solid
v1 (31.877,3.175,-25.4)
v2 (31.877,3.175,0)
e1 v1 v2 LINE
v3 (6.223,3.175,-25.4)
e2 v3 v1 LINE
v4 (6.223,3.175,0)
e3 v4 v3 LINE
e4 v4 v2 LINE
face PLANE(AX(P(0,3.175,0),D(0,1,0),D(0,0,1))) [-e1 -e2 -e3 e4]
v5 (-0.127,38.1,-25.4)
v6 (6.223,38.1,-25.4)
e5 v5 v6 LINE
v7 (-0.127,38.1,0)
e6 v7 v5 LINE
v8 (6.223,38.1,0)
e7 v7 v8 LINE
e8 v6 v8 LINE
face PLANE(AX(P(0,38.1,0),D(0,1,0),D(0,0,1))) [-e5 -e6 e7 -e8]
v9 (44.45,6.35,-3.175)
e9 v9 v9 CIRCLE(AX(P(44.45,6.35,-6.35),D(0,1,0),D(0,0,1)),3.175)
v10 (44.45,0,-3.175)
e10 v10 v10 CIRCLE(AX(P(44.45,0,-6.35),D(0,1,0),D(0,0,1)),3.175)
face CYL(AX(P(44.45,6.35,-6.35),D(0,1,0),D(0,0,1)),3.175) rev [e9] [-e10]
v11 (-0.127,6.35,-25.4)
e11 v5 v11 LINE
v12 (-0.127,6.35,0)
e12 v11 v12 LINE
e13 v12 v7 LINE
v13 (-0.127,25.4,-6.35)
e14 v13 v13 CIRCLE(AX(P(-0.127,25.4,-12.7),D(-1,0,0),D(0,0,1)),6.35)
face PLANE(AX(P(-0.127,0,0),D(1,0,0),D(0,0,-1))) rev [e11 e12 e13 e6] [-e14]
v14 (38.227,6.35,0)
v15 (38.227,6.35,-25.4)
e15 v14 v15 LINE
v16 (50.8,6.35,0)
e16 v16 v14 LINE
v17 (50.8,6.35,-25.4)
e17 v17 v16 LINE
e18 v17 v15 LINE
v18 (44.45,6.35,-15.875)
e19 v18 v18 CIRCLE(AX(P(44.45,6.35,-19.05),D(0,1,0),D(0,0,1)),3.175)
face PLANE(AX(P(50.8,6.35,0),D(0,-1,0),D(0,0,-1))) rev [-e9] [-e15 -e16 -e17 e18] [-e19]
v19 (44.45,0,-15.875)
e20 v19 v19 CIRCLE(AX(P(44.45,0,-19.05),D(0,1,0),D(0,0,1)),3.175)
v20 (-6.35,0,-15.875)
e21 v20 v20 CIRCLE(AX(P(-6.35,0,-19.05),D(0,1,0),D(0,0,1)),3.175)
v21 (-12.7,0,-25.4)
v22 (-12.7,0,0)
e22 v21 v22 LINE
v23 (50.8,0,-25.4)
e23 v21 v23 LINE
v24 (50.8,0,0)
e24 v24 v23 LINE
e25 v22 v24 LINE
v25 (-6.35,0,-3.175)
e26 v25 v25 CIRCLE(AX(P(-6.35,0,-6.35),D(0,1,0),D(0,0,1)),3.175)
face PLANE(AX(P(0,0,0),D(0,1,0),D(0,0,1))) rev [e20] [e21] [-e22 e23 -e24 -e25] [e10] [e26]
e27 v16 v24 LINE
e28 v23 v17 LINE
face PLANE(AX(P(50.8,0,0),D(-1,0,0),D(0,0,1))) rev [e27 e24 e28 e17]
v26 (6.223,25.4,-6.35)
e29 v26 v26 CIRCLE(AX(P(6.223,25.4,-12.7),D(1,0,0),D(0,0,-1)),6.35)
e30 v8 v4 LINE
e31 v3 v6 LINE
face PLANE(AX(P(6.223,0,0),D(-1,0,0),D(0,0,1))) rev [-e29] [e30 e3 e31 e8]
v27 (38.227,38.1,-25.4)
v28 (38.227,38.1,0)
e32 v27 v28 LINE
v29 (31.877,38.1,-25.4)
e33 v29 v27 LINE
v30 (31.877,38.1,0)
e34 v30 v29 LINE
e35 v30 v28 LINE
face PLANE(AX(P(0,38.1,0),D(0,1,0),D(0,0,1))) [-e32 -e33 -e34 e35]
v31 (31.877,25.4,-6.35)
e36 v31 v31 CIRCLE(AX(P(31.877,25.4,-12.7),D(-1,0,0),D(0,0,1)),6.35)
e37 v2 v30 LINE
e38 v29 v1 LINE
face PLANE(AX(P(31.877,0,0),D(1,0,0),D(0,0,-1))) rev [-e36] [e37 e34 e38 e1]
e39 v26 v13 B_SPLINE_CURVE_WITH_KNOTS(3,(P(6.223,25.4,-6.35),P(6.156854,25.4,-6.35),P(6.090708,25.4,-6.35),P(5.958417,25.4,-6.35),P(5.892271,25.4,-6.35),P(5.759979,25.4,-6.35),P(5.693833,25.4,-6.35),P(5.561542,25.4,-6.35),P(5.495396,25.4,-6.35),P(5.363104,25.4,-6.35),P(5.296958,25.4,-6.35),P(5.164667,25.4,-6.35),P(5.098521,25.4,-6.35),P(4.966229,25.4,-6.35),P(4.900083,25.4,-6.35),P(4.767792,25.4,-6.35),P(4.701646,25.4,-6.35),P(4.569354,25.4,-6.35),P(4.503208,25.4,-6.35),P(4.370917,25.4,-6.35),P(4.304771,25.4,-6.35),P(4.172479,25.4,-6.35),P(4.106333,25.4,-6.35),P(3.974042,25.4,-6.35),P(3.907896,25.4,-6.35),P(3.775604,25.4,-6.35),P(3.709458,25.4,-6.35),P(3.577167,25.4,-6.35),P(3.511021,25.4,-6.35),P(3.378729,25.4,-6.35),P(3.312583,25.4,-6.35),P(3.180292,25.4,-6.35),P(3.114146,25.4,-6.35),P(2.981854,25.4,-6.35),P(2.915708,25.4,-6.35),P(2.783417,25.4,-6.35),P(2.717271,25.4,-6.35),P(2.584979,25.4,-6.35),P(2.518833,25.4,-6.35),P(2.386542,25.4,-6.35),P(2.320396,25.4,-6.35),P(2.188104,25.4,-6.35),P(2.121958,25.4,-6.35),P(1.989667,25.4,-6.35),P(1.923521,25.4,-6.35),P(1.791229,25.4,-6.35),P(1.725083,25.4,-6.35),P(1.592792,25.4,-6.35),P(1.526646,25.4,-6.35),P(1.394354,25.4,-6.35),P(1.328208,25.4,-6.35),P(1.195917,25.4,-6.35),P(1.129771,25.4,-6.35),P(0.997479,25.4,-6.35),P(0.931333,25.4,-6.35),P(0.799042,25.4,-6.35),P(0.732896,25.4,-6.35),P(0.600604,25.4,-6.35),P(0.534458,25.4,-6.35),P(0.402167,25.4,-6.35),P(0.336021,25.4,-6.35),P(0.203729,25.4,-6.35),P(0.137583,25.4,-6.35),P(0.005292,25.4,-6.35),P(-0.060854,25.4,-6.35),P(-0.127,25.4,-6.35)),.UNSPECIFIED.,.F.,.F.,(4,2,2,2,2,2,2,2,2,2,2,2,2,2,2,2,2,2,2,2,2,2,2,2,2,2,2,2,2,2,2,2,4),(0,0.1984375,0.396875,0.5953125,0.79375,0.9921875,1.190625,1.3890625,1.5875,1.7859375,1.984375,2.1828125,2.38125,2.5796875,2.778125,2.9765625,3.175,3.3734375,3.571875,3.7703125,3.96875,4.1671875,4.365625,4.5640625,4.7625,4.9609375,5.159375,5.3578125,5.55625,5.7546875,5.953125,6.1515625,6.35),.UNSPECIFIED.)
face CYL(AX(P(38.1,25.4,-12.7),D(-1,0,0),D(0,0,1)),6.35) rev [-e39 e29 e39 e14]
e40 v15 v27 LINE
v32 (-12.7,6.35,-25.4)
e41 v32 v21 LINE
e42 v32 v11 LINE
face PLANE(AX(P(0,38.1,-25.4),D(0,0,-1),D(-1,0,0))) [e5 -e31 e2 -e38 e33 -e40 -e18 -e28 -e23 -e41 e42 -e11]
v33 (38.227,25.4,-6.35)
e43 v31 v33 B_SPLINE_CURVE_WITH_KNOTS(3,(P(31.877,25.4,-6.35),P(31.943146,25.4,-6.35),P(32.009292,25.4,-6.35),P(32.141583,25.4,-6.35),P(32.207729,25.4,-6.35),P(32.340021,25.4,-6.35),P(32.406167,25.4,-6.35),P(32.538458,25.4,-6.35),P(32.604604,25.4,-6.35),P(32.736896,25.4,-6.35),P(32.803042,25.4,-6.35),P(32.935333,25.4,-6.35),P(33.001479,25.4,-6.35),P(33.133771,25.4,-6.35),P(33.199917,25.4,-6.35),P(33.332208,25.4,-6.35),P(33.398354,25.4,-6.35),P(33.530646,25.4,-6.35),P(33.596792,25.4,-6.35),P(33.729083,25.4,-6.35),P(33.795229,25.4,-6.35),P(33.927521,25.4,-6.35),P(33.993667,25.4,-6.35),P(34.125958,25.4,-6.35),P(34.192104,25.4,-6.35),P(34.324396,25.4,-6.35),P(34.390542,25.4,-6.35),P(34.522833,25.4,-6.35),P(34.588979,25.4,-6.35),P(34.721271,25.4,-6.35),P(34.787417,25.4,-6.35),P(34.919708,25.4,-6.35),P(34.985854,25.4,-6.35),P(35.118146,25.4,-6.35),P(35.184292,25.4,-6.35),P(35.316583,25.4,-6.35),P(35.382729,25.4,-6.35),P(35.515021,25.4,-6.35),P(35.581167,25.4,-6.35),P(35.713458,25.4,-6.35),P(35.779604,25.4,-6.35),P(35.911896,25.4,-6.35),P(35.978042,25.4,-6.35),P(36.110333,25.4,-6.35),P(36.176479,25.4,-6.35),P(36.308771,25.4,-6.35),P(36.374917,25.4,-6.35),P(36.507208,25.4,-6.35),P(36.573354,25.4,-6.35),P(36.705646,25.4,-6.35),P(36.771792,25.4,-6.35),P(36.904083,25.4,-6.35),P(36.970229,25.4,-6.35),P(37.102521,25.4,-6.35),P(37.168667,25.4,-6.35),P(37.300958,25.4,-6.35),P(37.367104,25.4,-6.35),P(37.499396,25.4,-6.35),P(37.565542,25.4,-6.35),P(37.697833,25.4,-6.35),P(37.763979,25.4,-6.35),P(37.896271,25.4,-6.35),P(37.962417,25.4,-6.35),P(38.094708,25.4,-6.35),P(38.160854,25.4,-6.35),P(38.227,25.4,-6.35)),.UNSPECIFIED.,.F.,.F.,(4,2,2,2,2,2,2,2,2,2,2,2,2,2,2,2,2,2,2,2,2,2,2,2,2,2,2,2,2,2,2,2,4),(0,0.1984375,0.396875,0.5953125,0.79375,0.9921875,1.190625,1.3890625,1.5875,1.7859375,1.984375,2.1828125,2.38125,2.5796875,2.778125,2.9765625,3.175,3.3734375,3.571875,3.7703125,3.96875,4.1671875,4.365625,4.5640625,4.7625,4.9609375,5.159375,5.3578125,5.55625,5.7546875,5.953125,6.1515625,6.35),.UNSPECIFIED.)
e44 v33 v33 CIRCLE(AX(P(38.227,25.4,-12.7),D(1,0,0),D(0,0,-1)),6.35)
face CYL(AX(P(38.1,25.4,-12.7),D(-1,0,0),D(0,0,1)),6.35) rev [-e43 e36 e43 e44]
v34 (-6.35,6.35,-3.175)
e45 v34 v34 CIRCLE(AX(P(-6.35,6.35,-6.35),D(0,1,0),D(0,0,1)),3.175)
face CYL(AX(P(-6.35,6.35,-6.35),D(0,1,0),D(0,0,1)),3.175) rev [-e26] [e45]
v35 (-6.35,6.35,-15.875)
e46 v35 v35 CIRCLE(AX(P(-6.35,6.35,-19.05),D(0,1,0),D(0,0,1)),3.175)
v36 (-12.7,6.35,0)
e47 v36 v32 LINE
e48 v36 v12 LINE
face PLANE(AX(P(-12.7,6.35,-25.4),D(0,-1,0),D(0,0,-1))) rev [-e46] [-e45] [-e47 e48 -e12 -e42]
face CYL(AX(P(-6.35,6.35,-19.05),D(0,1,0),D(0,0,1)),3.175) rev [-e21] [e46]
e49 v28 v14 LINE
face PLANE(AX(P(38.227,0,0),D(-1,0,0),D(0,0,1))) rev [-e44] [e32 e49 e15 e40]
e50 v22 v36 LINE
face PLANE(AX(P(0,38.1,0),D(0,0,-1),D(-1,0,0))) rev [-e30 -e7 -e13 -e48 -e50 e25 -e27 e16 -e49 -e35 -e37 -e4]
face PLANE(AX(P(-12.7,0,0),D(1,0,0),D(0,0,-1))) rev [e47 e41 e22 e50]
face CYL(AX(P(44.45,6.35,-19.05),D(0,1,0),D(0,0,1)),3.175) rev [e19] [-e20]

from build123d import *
from build123d.topology import SkipClean

# Parameters (mm, degrees)
SKETCH2_W                       = 6.35
SKETCH2_H                       = 25.4
BOSS_EXTRUDE1_DEPTH             = 38.1
BOSS_EXTRUDE1_2_DEPTH           = 38.1
SKETCH2_3_W                     = 25.4
SKETCH2_3_H                     = 25.4
BOSS_EXTRUDE2_DEPTH             = 3.175
SKETCH3_R                       = 6.35
CUT_EXTRUDE1_DEPTH              = 60.56828015
SKETCH4_W                       = 25.4
SKETCH4_H                       = 6.35
BOSS_EXTRUDE3_DEPTH             = 12.7
SKETCH9_W                       = 25.4
SKETCH9_H                       = 6.35
BOSS_EXTRUDE5_DEPTH             = 12.7
F_1_4_0_25_DIAMETER_HOLE1_D     = 6.35
F_1_4_0_25_DIAMETER_HOLE1_DEPTH = 25.4
F_1_4_0_25_DIAMETER_HOLE1_TIP   = 1.907732465
CUT_EXTRUDE2_START              = -0.127
SKETCH13_W                      = 25.4
SKETCH13_H                      = 34.925
SKETCH13_R                      = 6.35
CUT_EXTRUDE2_DEPTH              = 0.127
SKETCH14_W                      = 25.4
SKETCH14_H                      = 34.925
SKETCH14_R                      = 6.35
CUT_EXTRUDE3_DEPTH              = 0.127
SKETCH16_W                      = 25.4
SKETCH16_H                      = 31.75
SKETCH16_R                      = 6.35
BOSS_EXTRUDE8_DEPTH             = 0.127
BOSS_EXTRUDE9_START             = 0.127
SKETCH15_W                      = 25.4
SKETCH15_H                      = 31.75
SKETCH15_R                      = 6.35
BOSS_EXTRUDE9_DEPTH             = 0.127


with BuildPart() as part:
    # Sketch2 → Boss-Extrude1 (new body)
    with BuildSketch(Plane(origin=(0, 0, 0), x_dir=(1, 0, 0), z_dir=(0, 1, 0))):
        with Locations((3.175, 12.7)):
            Rectangle(SKETCH2_W, SKETCH2_H)
    extrude(amount=BOSS_EXTRUDE1_DEPTH)



with BuildPart() as body_2:
    # Sketch2 → Boss-Extrude1 2 (new body)
    with BuildSketch(Plane(origin=(0, 0, 0), x_dir=(1, 0, 0), z_dir=(0, 1, 0))):
        with Locations((34.925, 12.7)):
            Rectangle(SKETCH2_W, SKETCH2_H)
    extrude(amount=BOSS_EXTRUDE1_2_DEPTH)


with BuildPart() as part_1:
    add(part.part)

    add(body_2.part)  # Boss-Extrude2 merges body 2
    # Sketch2<3> → Boss-Extrude2 (add)
    with BuildSketch(Plane(origin=(0, 0, 0), x_dir=(1, 0, 0), z_dir=(0, 1, 0))):
        with Locations((19.05, 12.7)):
            Rectangle(SKETCH2_3_W, SKETCH2_3_H)
    extrude(amount=BOSS_EXTRUDE2_DEPTH)

    # Sketch3 → Cut-Extrude1 (cut, through all)
    with BuildSketch(Plane.ZY):
        with Locations((-12.7, 25.4)):
            Circle(SKETCH3_R)
    extrude(amount=-CUT_EXTRUDE1_DEPTH, mode=Mode.SUBTRACT)

    # Sketch4 → Boss-Extrude3 (add)
    with BuildSketch(Plane.ZY):
        with Locations((-12.7, 3.175)):
            Rectangle(SKETCH4_W, SKETCH4_H)
    extrude(amount=BOSS_EXTRUDE3_DEPTH)

    # Sketch9 → Boss-Extrude5 (add)
    with BuildSketch(Plane(origin=(38.1, 0, 0), x_dir=(0, 0, -1), z_dir=(1, 0, 0))):
        with Locations((12.7, 3.175)):
            Rectangle(SKETCH9_W, SKETCH9_H)
    extrude(amount=BOSS_EXTRUDE5_DEPTH)

    # 1/4 (0.25) Diameter Hole1
    with Locations(Plane(origin=(-6.35, 6.35, -19.05), x_dir=(0, 0, 1), z_dir=(0, 1, 0))):
        with Locations((0, 0), (12.7, 0), (12.7, 50.8), (0, 50.8)):
            Hole(F_1_4_0_25_DIAMETER_HOLE1_D / 2, depth=F_1_4_0_25_DIAMETER_HOLE1_DEPTH)
            with Locations((0, 0, -(F_1_4_0_25_DIAMETER_HOLE1_DEPTH + F_1_4_0_25_DIAMETER_HOLE1_TIP / 2))):  # 118° drill point
                Cone(0, F_1_4_0_25_DIAMETER_HOLE1_D / 2, F_1_4_0_25_DIAMETER_HOLE1_TIP, mode=Mode.SUBTRACT)

    # Sketch13 → Cut-Extrude2 (cut)
    with BuildSketch(Plane(origin=(6.35, 0, 0), x_dir=(0, 0, -1), z_dir=(1, 0, 0)).offset(CUT_EXTRUDE2_START)):
        with Locations((12.7, 20.6375)):
            Rectangle(SKETCH13_W, SKETCH13_H)
        with Locations((12.7, 25.4)):
            Circle(SKETCH13_R, mode=Mode.SUBTRACT)
    extrude(amount=CUT_EXTRUDE2_DEPTH, mode=Mode.SUBTRACT)

    # Sketch14 → Cut-Extrude3 (cut)
    with BuildSketch(Plane.ZY.offset(-31.75)):
        with Locations((-12.7, 20.6375)):
            Rectangle(SKETCH14_W, SKETCH14_H)
        with Locations((-12.7, 25.4)):
            Circle(SKETCH14_R, mode=Mode.SUBTRACT)
    extrude(amount=-CUT_EXTRUDE3_DEPTH, mode=Mode.SUBTRACT)

    # Sketch16 → Boss-Extrude8 (add)
    with SkipClean():  # the faces are left unmerged after this step: merging them gives an invalid solid
        with BuildSketch(Plane(origin=(38.1, 0, 0), x_dir=(0, 0, -1), z_dir=(1, 0, 0))):
            with Locations((12.7, 22.225)):
                Rectangle(SKETCH16_W, SKETCH16_H)
            with Locations((12.7, 25.4)):
                Circle(SKETCH16_R, mode=Mode.SUBTRACT)
        extrude(amount=BOSS_EXTRUDE8_DEPTH)

    # Sketch15 → Boss-Extrude9 (add)
    with SkipClean():  # the faces are left unmerged after this step: merging them gives an invalid solid
        with BuildSketch(Plane.ZY.offset(BOSS_EXTRUDE9_START)):
            with Locations((-12.7, 22.225)):
                Rectangle(SKETCH15_W, SKETCH15_H)
            with Locations((-12.7, 25.4)):
                Circle(SKETCH15_R, mode=Mode.SUBTRACT)
        extrude(amount=-BOSS_EXTRUDE9_DEPTH)


solid = part_1.part
